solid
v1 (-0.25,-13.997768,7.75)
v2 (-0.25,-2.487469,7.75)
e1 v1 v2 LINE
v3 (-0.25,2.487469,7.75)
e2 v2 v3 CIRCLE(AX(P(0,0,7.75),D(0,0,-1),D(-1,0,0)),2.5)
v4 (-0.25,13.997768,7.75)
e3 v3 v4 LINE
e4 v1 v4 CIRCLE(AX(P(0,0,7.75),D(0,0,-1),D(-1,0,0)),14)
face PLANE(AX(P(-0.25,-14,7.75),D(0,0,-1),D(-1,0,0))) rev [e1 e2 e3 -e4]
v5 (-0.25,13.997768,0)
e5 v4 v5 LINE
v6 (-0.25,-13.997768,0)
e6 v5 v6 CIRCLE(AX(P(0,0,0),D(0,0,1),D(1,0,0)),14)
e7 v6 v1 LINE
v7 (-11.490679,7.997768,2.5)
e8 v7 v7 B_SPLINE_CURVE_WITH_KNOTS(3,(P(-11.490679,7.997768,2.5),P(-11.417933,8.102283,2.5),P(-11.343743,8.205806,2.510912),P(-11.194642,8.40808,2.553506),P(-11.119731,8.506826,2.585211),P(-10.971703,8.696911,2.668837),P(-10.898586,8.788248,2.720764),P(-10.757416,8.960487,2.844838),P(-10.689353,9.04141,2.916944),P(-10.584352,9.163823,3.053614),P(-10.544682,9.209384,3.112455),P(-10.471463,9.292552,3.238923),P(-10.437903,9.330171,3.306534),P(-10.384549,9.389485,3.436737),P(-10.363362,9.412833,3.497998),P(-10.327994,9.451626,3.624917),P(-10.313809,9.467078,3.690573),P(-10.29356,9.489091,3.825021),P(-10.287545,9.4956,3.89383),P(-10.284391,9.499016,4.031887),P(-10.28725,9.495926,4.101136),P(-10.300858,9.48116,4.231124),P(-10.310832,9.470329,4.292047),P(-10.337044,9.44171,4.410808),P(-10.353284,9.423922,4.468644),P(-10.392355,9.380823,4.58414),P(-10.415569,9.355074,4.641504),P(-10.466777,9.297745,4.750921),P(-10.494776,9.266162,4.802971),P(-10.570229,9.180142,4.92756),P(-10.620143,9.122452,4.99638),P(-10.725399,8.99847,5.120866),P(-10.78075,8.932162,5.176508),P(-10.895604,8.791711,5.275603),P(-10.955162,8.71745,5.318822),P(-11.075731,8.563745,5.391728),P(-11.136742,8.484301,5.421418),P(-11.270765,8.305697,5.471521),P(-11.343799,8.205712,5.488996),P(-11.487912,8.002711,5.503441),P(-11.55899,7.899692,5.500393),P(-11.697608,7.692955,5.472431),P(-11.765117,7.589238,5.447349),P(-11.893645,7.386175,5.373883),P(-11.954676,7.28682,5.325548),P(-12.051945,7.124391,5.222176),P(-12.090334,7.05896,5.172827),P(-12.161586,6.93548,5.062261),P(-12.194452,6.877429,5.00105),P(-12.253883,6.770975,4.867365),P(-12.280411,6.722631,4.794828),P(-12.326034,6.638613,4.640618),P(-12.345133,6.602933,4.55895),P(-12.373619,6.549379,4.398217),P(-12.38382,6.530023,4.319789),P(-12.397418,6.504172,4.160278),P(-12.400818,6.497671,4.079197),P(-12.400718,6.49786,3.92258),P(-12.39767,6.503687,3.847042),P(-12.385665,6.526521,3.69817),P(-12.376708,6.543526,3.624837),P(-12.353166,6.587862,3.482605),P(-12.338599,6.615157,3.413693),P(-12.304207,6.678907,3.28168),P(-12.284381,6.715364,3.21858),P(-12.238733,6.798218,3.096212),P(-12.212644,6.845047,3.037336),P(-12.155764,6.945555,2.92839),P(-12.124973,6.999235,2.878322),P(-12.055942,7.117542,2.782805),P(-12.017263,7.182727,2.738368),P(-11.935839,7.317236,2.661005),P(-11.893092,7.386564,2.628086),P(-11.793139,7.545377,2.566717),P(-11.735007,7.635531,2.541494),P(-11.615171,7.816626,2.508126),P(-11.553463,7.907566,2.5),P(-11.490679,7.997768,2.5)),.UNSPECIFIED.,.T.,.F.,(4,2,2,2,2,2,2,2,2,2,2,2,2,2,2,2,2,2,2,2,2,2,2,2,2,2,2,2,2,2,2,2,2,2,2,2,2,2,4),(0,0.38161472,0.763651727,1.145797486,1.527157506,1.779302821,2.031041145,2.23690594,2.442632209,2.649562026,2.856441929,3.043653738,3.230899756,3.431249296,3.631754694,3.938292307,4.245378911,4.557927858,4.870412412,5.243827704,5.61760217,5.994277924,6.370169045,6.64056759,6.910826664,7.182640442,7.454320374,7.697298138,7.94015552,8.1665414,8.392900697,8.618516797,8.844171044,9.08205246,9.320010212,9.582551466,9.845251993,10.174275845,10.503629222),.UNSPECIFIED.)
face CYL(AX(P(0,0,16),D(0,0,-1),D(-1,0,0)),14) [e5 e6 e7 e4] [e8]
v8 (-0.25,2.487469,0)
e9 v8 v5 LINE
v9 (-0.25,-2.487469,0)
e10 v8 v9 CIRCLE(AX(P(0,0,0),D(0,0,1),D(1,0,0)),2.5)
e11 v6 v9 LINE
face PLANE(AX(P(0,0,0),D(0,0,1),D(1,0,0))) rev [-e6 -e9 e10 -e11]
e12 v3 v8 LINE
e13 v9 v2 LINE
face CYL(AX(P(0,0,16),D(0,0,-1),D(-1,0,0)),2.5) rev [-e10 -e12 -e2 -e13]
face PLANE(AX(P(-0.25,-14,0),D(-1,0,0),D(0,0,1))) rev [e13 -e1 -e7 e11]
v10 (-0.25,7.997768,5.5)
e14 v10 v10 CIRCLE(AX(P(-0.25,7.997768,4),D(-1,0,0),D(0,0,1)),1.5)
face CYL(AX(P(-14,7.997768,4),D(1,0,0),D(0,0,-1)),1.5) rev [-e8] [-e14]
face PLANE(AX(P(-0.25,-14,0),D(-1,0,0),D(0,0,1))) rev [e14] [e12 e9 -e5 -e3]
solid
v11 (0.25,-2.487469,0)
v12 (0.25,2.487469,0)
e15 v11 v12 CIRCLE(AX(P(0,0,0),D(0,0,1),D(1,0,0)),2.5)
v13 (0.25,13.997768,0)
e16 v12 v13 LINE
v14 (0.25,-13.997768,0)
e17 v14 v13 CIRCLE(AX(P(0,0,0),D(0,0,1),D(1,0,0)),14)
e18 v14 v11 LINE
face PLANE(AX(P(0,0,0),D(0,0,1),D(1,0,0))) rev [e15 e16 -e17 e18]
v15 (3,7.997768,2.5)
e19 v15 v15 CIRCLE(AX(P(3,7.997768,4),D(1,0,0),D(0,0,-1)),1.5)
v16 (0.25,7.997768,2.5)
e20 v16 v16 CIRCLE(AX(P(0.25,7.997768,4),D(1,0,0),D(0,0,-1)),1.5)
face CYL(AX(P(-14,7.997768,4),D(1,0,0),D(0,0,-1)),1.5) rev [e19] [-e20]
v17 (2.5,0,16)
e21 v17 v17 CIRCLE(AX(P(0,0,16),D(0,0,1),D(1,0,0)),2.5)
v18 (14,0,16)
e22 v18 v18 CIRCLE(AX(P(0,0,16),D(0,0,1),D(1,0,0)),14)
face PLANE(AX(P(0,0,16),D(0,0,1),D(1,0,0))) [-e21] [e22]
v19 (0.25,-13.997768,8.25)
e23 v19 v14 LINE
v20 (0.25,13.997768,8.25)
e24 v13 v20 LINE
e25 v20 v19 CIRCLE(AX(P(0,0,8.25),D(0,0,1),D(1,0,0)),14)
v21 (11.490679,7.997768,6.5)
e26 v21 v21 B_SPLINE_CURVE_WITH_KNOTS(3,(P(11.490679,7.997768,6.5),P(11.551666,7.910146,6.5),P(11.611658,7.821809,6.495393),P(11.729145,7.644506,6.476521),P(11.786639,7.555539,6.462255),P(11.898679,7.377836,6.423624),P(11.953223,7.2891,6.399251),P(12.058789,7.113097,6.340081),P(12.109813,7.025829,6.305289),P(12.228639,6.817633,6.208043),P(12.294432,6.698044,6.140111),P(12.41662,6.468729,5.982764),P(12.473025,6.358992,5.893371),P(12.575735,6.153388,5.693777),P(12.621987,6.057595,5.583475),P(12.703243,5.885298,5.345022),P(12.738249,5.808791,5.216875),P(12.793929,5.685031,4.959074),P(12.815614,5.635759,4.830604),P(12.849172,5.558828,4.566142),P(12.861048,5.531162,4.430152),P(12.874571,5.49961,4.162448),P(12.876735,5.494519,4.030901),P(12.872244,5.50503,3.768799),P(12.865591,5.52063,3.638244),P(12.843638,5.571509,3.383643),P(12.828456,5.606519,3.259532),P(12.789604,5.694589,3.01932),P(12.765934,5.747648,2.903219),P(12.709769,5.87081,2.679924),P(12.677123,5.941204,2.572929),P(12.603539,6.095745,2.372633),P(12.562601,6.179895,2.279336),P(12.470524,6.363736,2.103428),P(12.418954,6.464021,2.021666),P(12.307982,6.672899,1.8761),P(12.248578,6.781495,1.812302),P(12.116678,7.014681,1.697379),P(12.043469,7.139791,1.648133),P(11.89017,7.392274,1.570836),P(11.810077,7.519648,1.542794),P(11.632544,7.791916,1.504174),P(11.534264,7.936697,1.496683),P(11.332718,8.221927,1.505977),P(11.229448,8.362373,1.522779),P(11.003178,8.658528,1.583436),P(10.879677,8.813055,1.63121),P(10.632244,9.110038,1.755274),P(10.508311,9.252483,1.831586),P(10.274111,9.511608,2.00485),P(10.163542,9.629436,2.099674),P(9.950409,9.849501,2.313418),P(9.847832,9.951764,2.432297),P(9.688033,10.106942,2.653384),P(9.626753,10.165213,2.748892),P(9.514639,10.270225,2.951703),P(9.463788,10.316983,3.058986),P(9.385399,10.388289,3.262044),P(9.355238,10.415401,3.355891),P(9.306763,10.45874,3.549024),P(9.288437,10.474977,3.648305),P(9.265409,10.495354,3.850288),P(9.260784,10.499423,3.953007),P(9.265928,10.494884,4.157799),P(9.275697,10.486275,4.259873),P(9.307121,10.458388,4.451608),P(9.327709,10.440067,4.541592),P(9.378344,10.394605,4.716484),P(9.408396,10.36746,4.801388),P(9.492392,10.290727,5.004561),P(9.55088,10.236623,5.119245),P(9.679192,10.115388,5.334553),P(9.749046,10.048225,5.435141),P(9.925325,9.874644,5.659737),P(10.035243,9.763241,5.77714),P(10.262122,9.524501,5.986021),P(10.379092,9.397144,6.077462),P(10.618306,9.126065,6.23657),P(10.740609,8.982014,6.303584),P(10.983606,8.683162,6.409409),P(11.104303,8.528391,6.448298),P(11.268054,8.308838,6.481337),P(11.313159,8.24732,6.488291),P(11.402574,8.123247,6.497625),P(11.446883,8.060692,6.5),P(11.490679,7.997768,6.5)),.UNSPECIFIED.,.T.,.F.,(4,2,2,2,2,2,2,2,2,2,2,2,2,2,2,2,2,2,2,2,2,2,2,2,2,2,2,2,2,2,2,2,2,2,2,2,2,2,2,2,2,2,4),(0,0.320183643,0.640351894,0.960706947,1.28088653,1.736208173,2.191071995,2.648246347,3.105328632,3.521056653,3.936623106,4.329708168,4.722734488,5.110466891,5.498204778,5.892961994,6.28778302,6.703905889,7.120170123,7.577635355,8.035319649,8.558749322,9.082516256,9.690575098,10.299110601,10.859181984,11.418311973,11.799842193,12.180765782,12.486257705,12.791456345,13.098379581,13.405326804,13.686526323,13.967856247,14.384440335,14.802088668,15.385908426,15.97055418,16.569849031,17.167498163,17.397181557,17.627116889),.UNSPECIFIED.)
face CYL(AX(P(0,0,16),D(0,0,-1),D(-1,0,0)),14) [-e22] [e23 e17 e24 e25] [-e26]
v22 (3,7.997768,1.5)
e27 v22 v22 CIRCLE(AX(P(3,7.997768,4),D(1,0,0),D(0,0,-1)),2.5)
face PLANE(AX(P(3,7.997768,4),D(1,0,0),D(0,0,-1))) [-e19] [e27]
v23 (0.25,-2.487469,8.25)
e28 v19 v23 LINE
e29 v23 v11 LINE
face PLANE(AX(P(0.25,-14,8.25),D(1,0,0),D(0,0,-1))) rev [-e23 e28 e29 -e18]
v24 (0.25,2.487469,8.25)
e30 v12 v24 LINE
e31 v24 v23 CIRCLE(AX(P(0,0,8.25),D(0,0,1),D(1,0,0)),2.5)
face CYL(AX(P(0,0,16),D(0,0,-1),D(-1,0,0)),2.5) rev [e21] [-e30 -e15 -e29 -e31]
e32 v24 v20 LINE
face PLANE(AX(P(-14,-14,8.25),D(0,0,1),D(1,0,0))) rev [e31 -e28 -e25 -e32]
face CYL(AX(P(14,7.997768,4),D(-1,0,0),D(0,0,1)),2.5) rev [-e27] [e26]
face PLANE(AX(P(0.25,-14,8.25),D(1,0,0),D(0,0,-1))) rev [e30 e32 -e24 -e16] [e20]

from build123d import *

# Parameters (mm, degrees)
SKETCH_1_R               = 14
SKETCH_1_R_2             = 2.5
EXTRUDE_1_DEPTH          = 16
CUT_EXTRUDE_1_DEPTH      = 26.455844123
CUT_EXTRUDE_1_DEPTH_BACK = 26.455844123
CUT_EXTRUDE_2_DEPTH      = 26.455844123
CUT_EXTRUDE_2_DEPTH_BACK = 26.455844123
SKETCH_3_R               = 1.5
CUT_EXTRUDE_START        = 3
SKETCH_3_4_R             = 2.5
SKETCH_3_4_R_2           = 1.5
CUT_EXTRUDE_3_DEPTH      = 23.455844296


with BuildPart() as part:
    # 草图1 → 凸台-拉伸1 (new body)
    with BuildSketch(Plane.XY):
        Circle(SKETCH_1_R)
        Circle(SKETCH_1_R_2, mode=Mode.SUBTRACT)
    extrude(amount=EXTRUDE_1_DEPTH)

    # 草图2 → 切除-拉伸1 (cut, two sides: drawn at the far end of the back side and taken through both)
    with BuildSketch(Plane(origin=(0, 0, 0), x_dir=(1, 0, 0), z_dir=(0, 1, 0)).offset(-CUT_EXTRUDE_1_DEPTH_BACK)):
        Polygon((-14, -7.75), (-14, -8.25), (0.25, -8.25), (0.25, 0), (-0.25, 0), (-0.25, -7.75), align=None)
    extrude(amount=CUT_EXTRUDE_1_DEPTH + CUT_EXTRUDE_1_DEPTH_BACK, mode=Mode.SUBTRACT)


with BuildPart() as cut_extrude_1_piece_1:
    # of the separate pieces the step leaves, piece 1, a body of its own (cut_extrude_1_pieces)
    add(part.part.solids().sort_by_distance((14, 0, 0))[0])


with BuildPart() as cut_extrude_1_piece_2:
    # of the separate pieces the step leaves, piece 2, a body of its own (cut_extrude_1_pieces)
    add(part.part.solids().sort_by_distance((-0.25, 13.997767679, 0))[0])


with BuildPart() as cut_extrude_2_tool:
    # 草图3 → 切除-拉伸2 (new, two sides: drawn at the far end of the back side and taken through both)
    with BuildSketch(Plane(origin=(0, 0, 0), x_dir=(0, 0, -1), z_dir=(1, 0, 0)).offset(-CUT_EXTRUDE_2_DEPTH_BACK)):
        with Locations((-4, 7.997767679)):
            Circle(SKETCH_3_R)
    extrude(amount=CUT_EXTRUDE_2_DEPTH + CUT_EXTRUDE_2_DEPTH_BACK)


with BuildPart() as cut_extrude_1_piece_1_1:
    add(cut_extrude_1_piece_1.part)

    # 切除-拉伸2: cut by cut_extrude_2_tool
    add(cut_extrude_2_tool.part, mode=Mode.SUBTRACT)

    # 草图3<4> → 切除-拉伸3 (cut, through all)
    with BuildSketch(Plane(origin=(0, 0, 0), x_dir=(0, 0, -1), z_dir=(1, 0, 0)).offset(CUT_EXTRUDE_START)):
        with Locations((-4, 7.997767679)):
            Circle(SKETCH_3_4_R)
        with Locations((-4, 7.997767679)):
            Circle(SKETCH_3_4_R_2, mode=Mode.SUBTRACT)
    extrude(amount=CUT_EXTRUDE_3_DEPTH, mode=Mode.SUBTRACT)


with BuildPart() as cut_extrude_1_piece_2_1:
    add(cut_extrude_1_piece_2.part)

    # 切除-拉伸2: cut by cut_extrude_2_tool
    add(cut_extrude_2_tool.part, mode=Mode.SUBTRACT)


solid = Compound([cut_extrude_1_piece_1_1.part, cut_extrude_1_piece_2_1.part])
